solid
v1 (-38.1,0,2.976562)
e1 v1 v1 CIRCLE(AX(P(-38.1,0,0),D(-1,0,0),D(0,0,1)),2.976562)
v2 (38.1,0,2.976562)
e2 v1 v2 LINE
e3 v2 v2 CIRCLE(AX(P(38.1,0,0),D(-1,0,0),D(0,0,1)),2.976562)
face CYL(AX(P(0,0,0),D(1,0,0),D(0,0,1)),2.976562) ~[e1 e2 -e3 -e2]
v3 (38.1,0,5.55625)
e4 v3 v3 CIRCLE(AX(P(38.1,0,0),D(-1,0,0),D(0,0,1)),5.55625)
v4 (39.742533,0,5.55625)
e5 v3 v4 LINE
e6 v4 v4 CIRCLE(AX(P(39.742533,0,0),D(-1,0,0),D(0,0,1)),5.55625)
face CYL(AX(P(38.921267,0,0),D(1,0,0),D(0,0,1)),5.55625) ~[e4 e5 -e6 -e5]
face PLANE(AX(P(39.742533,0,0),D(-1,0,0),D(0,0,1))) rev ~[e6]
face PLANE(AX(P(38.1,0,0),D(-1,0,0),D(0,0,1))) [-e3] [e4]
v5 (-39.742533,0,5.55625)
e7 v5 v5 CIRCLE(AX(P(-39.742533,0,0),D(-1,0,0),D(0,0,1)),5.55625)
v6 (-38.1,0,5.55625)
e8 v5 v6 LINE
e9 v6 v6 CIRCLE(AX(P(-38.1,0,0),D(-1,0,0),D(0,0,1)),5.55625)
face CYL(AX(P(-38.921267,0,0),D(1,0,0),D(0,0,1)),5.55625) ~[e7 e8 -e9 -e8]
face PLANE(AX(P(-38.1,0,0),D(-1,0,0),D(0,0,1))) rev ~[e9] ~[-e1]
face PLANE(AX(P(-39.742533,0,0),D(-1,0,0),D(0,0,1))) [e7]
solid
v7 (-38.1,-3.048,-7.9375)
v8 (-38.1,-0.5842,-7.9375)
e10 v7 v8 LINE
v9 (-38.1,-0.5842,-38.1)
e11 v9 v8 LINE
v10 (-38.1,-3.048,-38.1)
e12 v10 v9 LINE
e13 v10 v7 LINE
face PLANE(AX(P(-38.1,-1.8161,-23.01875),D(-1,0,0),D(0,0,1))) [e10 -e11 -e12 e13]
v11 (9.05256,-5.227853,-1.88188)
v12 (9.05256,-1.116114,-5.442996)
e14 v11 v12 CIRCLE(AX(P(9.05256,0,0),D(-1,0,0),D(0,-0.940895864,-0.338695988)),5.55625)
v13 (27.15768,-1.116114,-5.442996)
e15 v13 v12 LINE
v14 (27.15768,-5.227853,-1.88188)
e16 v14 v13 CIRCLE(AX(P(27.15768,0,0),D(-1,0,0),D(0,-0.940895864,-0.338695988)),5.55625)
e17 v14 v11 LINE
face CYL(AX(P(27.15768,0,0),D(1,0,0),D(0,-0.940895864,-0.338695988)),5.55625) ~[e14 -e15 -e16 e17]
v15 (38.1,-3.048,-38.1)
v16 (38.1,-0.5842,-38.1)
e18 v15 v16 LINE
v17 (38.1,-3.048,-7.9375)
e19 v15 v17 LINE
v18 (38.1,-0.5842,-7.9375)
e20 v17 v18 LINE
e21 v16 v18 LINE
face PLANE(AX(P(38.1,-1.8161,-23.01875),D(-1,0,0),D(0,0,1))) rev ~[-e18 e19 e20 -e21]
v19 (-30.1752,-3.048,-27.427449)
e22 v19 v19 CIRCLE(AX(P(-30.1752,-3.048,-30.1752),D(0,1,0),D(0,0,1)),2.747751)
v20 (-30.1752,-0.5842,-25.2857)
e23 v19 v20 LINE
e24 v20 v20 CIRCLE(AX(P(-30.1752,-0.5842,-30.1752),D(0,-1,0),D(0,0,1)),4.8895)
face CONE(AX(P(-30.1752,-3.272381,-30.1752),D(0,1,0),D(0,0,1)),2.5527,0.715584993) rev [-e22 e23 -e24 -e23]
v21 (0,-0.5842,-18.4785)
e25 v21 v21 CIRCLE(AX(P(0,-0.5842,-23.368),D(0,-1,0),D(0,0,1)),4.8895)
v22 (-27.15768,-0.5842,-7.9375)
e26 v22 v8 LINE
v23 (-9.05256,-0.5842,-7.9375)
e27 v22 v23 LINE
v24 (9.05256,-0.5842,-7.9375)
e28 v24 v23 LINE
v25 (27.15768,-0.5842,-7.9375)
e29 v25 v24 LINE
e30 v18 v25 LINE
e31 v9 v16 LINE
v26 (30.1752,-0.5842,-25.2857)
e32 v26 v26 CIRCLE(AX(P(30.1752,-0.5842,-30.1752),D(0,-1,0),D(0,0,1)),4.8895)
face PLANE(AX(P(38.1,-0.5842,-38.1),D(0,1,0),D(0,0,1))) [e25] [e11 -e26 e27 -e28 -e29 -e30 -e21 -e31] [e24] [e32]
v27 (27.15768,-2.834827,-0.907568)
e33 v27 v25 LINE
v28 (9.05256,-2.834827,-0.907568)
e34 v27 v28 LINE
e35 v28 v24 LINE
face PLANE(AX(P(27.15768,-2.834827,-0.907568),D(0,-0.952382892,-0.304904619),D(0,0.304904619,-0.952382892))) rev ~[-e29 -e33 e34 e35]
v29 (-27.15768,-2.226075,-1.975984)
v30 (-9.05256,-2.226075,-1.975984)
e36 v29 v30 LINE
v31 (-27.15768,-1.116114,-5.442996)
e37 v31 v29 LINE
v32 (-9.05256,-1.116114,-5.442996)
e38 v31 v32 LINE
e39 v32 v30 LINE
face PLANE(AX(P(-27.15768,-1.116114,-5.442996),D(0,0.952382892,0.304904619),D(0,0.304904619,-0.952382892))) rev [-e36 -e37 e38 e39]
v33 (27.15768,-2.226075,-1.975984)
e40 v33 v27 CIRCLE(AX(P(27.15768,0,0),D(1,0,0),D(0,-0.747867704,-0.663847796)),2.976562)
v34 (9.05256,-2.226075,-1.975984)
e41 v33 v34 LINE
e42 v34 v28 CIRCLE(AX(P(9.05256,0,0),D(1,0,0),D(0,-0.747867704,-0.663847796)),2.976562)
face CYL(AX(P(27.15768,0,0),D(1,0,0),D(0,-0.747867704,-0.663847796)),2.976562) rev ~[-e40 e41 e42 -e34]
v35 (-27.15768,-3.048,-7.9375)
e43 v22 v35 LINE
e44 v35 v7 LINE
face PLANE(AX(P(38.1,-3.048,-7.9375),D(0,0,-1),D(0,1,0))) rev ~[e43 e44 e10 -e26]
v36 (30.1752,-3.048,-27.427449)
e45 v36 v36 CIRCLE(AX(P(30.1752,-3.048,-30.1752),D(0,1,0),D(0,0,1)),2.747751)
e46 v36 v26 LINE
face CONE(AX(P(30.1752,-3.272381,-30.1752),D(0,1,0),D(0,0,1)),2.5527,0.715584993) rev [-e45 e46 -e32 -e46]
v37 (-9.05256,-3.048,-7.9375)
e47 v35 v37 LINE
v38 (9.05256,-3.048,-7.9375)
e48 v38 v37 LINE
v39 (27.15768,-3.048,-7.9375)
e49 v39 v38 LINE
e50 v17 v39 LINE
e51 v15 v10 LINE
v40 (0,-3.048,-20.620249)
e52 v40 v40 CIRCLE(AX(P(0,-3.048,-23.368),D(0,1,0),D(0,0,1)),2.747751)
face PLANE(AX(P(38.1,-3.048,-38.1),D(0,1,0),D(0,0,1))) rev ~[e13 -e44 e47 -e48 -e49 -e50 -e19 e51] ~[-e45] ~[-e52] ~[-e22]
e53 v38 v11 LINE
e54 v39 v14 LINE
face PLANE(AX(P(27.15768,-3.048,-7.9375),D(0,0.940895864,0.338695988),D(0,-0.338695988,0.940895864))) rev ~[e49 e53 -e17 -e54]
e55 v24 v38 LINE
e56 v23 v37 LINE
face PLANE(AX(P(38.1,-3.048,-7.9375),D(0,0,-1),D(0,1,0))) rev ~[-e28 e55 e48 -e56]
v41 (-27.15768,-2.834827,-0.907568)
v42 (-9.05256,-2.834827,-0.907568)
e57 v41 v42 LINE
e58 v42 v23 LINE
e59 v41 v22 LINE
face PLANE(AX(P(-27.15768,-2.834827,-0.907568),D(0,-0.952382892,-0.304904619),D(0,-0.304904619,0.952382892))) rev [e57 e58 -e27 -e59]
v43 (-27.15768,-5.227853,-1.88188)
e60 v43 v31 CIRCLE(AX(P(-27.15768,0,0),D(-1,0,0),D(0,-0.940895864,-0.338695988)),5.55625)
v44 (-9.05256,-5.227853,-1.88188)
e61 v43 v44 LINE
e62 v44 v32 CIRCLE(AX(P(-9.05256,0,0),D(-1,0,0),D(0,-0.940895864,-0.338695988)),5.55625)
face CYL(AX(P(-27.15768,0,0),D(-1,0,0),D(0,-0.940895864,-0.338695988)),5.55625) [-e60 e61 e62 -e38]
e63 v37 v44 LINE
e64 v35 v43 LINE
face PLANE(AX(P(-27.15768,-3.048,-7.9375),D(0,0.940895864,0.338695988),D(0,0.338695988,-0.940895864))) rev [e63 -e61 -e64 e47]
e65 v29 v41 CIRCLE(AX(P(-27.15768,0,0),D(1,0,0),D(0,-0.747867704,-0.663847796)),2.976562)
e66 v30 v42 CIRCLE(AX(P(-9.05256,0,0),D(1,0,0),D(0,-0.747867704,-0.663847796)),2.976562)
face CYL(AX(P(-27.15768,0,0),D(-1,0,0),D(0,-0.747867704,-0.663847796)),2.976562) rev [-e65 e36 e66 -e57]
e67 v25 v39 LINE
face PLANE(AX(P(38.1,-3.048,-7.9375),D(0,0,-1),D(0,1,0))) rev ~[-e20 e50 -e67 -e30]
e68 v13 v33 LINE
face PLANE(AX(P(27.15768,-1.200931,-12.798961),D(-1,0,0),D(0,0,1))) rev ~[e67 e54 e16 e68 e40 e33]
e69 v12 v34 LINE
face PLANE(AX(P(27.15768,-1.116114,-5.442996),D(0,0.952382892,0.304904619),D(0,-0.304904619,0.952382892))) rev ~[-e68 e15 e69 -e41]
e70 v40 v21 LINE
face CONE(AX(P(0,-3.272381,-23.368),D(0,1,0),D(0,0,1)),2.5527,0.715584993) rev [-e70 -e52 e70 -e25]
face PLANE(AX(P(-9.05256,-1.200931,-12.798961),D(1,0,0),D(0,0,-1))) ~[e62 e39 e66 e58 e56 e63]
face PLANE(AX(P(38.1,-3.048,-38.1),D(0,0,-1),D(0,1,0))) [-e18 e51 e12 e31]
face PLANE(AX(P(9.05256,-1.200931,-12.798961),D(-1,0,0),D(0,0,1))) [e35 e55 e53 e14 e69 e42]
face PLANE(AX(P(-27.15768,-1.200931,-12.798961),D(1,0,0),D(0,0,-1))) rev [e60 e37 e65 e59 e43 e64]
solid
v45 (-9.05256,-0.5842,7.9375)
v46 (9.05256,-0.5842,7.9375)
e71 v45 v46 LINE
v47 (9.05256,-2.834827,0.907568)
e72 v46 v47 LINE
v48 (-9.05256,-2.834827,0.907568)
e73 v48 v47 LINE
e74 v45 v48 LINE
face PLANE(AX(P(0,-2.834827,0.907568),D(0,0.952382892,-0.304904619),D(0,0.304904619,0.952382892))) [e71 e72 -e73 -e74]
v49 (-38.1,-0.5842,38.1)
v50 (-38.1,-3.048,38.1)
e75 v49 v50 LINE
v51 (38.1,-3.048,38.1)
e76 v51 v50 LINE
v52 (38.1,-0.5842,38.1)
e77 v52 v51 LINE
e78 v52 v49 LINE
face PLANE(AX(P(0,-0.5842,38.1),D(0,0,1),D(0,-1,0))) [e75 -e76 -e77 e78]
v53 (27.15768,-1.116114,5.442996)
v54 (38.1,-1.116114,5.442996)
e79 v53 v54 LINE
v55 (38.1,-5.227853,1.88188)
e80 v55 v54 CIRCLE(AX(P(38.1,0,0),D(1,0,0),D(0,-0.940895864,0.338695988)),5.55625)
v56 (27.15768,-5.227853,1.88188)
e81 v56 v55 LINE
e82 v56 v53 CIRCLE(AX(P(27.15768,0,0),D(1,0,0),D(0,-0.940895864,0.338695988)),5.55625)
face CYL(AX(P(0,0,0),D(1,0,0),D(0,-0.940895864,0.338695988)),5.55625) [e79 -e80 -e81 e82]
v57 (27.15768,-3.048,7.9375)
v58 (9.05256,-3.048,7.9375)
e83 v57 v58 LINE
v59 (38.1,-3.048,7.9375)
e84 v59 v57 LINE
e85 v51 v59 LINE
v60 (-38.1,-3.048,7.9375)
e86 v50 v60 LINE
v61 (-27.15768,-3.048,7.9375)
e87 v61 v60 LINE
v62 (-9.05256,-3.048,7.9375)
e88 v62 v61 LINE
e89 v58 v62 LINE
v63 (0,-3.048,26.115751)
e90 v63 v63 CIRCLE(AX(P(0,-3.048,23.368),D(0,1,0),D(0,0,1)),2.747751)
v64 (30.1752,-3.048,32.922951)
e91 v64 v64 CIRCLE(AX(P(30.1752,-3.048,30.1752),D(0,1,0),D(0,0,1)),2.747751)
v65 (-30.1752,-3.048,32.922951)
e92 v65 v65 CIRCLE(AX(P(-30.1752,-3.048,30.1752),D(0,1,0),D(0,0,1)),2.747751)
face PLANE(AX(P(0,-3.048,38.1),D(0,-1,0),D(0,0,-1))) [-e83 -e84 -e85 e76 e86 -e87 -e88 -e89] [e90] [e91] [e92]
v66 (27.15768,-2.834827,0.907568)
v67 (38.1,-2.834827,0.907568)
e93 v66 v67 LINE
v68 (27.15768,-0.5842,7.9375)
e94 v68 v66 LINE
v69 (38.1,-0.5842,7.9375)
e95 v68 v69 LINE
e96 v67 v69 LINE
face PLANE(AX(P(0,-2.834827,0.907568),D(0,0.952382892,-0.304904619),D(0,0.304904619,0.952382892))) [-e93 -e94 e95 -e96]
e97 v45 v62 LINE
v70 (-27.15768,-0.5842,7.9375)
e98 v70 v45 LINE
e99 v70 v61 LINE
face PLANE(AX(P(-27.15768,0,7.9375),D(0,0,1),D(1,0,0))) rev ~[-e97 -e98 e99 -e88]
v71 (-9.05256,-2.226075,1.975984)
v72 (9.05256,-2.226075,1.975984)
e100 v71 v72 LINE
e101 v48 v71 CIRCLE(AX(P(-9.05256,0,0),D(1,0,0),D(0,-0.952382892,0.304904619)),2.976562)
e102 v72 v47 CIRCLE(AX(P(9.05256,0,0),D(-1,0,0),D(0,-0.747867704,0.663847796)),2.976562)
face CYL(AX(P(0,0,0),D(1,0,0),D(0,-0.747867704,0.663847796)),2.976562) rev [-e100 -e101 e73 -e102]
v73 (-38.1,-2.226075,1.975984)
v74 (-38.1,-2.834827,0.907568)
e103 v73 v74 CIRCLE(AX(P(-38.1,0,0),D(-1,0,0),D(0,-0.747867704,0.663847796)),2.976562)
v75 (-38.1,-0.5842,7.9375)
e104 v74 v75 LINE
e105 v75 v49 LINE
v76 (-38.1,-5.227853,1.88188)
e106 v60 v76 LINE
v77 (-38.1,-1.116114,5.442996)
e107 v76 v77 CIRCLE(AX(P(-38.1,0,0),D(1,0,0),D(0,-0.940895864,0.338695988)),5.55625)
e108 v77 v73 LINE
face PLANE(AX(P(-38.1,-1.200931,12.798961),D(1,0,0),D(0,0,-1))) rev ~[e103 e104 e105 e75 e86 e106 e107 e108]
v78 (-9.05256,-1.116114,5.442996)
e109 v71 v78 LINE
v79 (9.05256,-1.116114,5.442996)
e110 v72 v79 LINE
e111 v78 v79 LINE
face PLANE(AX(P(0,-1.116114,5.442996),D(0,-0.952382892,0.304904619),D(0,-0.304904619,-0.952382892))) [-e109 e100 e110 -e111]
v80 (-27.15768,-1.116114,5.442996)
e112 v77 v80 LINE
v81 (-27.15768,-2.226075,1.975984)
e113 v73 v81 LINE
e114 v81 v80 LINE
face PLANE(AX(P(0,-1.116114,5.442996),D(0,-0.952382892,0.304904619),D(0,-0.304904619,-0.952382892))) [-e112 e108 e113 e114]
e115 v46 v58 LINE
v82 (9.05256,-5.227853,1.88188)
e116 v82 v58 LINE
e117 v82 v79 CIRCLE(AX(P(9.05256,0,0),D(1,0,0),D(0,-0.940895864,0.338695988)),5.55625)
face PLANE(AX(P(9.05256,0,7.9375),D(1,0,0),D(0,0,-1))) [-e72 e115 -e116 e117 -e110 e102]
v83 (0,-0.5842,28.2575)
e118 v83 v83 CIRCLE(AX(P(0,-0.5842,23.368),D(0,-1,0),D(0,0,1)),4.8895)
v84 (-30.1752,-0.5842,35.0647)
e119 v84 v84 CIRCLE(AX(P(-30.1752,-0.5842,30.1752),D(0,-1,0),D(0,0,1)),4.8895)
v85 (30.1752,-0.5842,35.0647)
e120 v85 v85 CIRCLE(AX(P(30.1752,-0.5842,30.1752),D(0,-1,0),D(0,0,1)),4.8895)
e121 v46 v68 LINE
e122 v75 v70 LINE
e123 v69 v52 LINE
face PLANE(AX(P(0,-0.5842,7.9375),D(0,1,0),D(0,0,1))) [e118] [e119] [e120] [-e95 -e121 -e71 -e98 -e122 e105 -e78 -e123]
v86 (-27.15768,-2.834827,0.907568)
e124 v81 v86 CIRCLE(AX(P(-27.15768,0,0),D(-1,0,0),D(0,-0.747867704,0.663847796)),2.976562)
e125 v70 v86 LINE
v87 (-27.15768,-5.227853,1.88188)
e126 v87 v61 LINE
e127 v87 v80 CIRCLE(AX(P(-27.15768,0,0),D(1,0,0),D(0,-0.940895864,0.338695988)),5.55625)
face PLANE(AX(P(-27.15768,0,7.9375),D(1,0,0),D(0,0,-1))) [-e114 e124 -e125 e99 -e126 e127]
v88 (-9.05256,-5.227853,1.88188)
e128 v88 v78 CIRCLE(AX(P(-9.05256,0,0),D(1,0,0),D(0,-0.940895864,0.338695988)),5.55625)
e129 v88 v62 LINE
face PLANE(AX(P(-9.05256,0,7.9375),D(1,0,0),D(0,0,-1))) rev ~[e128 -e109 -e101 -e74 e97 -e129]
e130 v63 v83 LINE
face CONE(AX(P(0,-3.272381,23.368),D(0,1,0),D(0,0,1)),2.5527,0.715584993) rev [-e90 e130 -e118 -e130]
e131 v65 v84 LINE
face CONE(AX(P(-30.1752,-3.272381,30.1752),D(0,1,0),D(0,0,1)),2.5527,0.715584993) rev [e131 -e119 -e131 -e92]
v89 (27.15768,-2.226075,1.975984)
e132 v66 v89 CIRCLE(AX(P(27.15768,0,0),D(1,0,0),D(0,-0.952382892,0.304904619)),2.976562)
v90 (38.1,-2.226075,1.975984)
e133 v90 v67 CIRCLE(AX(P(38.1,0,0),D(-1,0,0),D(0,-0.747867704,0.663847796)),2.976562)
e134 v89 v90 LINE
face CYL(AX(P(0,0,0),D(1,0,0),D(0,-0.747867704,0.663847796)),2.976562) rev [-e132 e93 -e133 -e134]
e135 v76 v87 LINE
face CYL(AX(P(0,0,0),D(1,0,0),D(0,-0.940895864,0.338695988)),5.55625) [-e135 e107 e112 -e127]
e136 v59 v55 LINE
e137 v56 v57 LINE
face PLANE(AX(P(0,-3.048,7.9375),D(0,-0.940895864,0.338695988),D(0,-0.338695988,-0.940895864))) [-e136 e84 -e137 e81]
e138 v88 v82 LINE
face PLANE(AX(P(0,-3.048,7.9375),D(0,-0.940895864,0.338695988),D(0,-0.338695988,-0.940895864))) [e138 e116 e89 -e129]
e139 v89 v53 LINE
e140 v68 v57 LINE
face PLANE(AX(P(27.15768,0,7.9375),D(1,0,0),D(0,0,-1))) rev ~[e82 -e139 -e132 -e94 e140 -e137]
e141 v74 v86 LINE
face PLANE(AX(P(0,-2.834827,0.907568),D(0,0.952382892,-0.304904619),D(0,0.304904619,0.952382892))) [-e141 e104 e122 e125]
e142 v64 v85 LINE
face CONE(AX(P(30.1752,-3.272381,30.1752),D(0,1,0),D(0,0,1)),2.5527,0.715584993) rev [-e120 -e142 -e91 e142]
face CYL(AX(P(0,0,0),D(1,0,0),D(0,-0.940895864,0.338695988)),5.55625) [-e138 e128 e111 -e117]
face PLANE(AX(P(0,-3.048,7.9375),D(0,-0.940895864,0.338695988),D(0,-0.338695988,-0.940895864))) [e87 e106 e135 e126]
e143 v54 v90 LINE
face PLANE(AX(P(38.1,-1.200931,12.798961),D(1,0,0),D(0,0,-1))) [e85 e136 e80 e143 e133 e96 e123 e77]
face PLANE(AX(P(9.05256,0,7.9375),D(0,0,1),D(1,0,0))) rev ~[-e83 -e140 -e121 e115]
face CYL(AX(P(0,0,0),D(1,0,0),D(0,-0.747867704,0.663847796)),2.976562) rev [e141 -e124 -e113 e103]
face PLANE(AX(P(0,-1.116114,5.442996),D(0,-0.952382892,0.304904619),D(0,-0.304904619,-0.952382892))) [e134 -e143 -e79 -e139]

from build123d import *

# Parameters (mm, degrees)
LEFT_LEAF_DEPTH                              = 38.1
SKETCH2_W                                    = 18.10512
SKETCH2_H                                    = 13.49375
CUT_EXTRUDE1_DEPTH                           = 6.55625
CUT_EXTRUDE1_DEPTH_BACK                      = 6.55625
RIGHT_LEAF_DEPTH                             = 18.10512
EXTRUDE3_START                               = -38.1
SKETCH4_W                                    = 30.1625
SKETCH4_H                                    = 2.4638
EXTRUDE3_DEPTH                               = 76.2
SKETCH6_W                                    = 76.2
SKETCH6_H                                    = 2.9765625
SKETCH7_W                                    = 1.642533333
SKETCH7_H                                    = 5.55625
CSK_FOR_10_FLAT_HEAD_MACHINE_SCREW1_AT_COUNT = 2
CSK_FOR_10_FLAT_HEAD_MACHINE_SCREW1_AT_PITCH = 60.3504
CSK_FOR_10_FLAT_HEAD_MACHINE_SCREW1_2_COUNT  = 2
CSK_FOR_10_FLAT_HEAD_MACHINE_SCREW1_2_PITCH  = 85.348354175
CSK_FOR_10_FLAT_HEAD_MACHINE_SCREW1_3_COUNT  = 2
CSK_FOR_10_FLAT_HEAD_MACHINE_SCREW1_3_PITCH  = 60.3504
CSK_FOR_10_FLAT_HEAD_MACHINE_SCREW1_4_COUNT  = 2
CSK_FOR_10_FLAT_HEAD_MACHINE_SCREW1_4_PITCH  = 61.460694442
CSK_FOR_10_FLAT_HEAD_MACHINE_SCREW1_5_COUNT  = 2
CSK_FOR_10_FLAT_HEAD_MACHINE_SCREW1_5_PITCH  = 30.93348779


with BuildPart() as part:
    # Sketch1 → Left Leaf (new body, symmetric)
    with BuildSketch(Plane(origin=(0, 0, 0), x_dir=(0, 0, -1), z_dir=(1, 0, 0))):
        with BuildLine():
            Line((-7.9375, -3.048), (-1.881879584, -5.227852647))
            ThreePointArc((-1.881879584, -5.227852647), (4.20000577, 3.637563139), (-5.442995818, -1.116114057))
            Line((-5.442995818, -1.116114057), (-1.975984457, -2.226074963))
            ThreePointArc((-1.975984457, -2.226074963), (1.473554552, 2.586225299), (-0.907567655, -2.834827202))
            Line((-0.907567655, -2.834827202), (-7.9375, -0.5842))
            Line((-7.9375, -0.5842), (-38.1, -0.5842))
            Line((-38.1, -0.5842), (-38.1, -3.048))
            Line((-38.1, -3.048), (-7.9375, -3.048))
        make_face()
    extrude(amount=LEFT_LEAF_DEPTH, both=True)

    # Sketch2 → Cut-Extrude1 (cut, two sides)
    with BuildSketch(Plane(origin=(0, 0, 0), x_dir=(1, 0, 0), z_dir=(0, 1, 0))) as cut_extrude1_sk:
        with Locations((18.10512, -1.190625)):
            Rectangle(SKETCH2_W, SKETCH2_H)
        with Locations((-18.10512, -1.190625)):
            Rectangle(SKETCH2_W, SKETCH2_H)
    extrude(amount=CUT_EXTRUDE1_DEPTH, mode=Mode.SUBTRACT)
    extrude(cut_extrude1_sk.sketch, amount=-CUT_EXTRUDE1_DEPTH_BACK, mode=Mode.SUBTRACT)

    # Sketch9 → CSK for #10 Flat Head Machine Screw1 (revolve, cut)
    with BuildSketch(Plane(origin=(-30.1752, -0.5842, 30.1752), x_dir=(0, 0, 1), z_dir=(1, 0, 0))):
        Polygon((0, 0), (0, 4.97205), (2.5527, 4.97205), (2.5527, 2.688180894), (4.8895, 0), align=None)
    csk_for_10_flat_head_machine_screw1 = revolve(axis=Axis((-30.1752, 5.7658, 30.1752), (0, -1, 0)), mode=Mode.SUBTRACT)

    # CSK for _10 Flat Head Machine Screw1 3: CSK for #10 Flat Head Machine Screw1 ×2
    with Locations(*[(i * CSK_FOR_10_FLAT_HEAD_MACHINE_SCREW1_3_PITCH, 0, 0) for i in range(1, CSK_FOR_10_FLAT_HEAD_MACHINE_SCREW1_3_COUNT)]):
        add(csk_for_10_flat_head_machine_screw1, mode=Mode.SUBTRACT)

    # CSK for _10 Flat Head Machine Screw1 5: CSK for #10 Flat Head Machine Screw1 ×2
    with Locations(*[Vector(0.975486508, 0, -0.220059246) * (i * CSK_FOR_10_FLAT_HEAD_MACHINE_SCREW1_5_PITCH) for i in range(1, CSK_FOR_10_FLAT_HEAD_MACHINE_SCREW1_5_COUNT)]):
        add(csk_for_10_flat_head_machine_screw1, mode=Mode.SUBTRACT)


with BuildPart() as body_2:
    # Sketch3 → Right Leaf (new body)
    with BuildSketch(Plane(origin=(27.15768, 0, 0), x_dir=(0, 0, -1), z_dir=(1, 0, 0))):
        with BuildLine():
            Line((7.9375, -3.048), (1.881879584, -5.227852647))
            ThreePointArc((1.881879584, -5.227852647), (-4.20000577, 3.637563139), (5.442995818, -1.116114057))
            Line((5.442995818, -1.116114057), (1.975984457, -2.226074963))
            ThreePointArc((1.975984457, -2.226074963), (-1.473554552, 2.586225299), (0.907567655, -2.834827202))
            Line((0.907567655, -2.834827202), (7.9375, -0.5842))
            Line((7.9375, -0.5842), (38.1, -0.5842))
            Line((38.1, -0.5842), (38.1, -3.048))
            Line((38.1, -3.048), (7.9375, -3.048))
        make_face()
    extrude(amount=-RIGHT_LEAF_DEPTH)


with BuildPart() as body_3:
    # Mirror1: mirrored copy
    add(body_2.part.mirror(Plane(origin=(0, 0, 0), x_dir=(0, 0, 1), z_dir=(1, 0, 0))))


with BuildPart() as body_4:
    # Sketch4 → Extrude3 (new body)
    with BuildSketch(Plane.ZY.offset(EXTRUDE3_START)):
        with Locations((-23.01875, -1.8161)):
            Rectangle(SKETCH4_W, SKETCH4_H)
    extrude(amount=EXTRUDE3_DEPTH)


with BuildPart() as body_3_1:
    add(body_3.part)

    # Combine1: union body 2, body 4
    add(body_2.part)
    add(body_4.part)

    # CSK for #10 Flat Head Machine Screw1 at: CSK for #10 Flat Head Machine Screw1 ×2
    with Locations(*[(0, 0, -i * CSK_FOR_10_FLAT_HEAD_MACHINE_SCREW1_AT_PITCH) for i in range(1, CSK_FOR_10_FLAT_HEAD_MACHINE_SCREW1_AT_COUNT)]):
        add(csk_for_10_flat_head_machine_screw1, mode=Mode.SUBTRACT)

    # CSK for _10 Flat Head Machine Screw1 2: CSK for #10 Flat Head Machine Screw1 ×2
    with Locations(*[Vector(0.707106781, 0, -0.707106781) * (i * CSK_FOR_10_FLAT_HEAD_MACHINE_SCREW1_2_PITCH) for i in range(1, CSK_FOR_10_FLAT_HEAD_MACHINE_SCREW1_2_COUNT)]):
        add(csk_for_10_flat_head_machine_screw1, mode=Mode.SUBTRACT)

    # CSK for _10 Flat Head Machine Screw1 4: CSK for #10 Flat Head Machine Screw1 ×2
    with Locations(*[Vector(0.490967443, 0, -0.871177921) * (i * CSK_FOR_10_FLAT_HEAD_MACHINE_SCREW1_4_PITCH) for i in range(1, CSK_FOR_10_FLAT_HEAD_MACHINE_SCREW1_4_COUNT)]):
        add(csk_for_10_flat_head_machine_screw1, mode=Mode.SUBTRACT)


with BuildPart() as body_3_2:
    # Sketch6 → Pin (revolve)
    with BuildSketch(Plane(origin=(0, 0, 0), x_dir=(1, 0, 0), z_dir=(0, 1, 0))):
        with Locations((0, -1.48828125)):
            Rectangle(SKETCH6_W, SKETCH6_H)
    revolve(axis=Axis((24.566181471, 0, 0), (-1, 0, 0)))

    # Sketch7 → Spun Pin (revolve)
    with BuildSketch(Plane(origin=(0, 0, 0), x_dir=(1, 0, 0), z_dir=(0, 1, 0))):
        with Locations((-38.921266667, -2.778125)):
            Rectangle(SKETCH7_W, SKETCH7_H)
        with Locations((38.921266667, -2.778125)):
            Rectangle(SKETCH7_W, SKETCH7_H)
    revolve(axis=Axis((24.566181471, 0, 0), (-1, 0, 0)))


solid = Compound([part.part, body_3_1.part, body_3_2.part])
